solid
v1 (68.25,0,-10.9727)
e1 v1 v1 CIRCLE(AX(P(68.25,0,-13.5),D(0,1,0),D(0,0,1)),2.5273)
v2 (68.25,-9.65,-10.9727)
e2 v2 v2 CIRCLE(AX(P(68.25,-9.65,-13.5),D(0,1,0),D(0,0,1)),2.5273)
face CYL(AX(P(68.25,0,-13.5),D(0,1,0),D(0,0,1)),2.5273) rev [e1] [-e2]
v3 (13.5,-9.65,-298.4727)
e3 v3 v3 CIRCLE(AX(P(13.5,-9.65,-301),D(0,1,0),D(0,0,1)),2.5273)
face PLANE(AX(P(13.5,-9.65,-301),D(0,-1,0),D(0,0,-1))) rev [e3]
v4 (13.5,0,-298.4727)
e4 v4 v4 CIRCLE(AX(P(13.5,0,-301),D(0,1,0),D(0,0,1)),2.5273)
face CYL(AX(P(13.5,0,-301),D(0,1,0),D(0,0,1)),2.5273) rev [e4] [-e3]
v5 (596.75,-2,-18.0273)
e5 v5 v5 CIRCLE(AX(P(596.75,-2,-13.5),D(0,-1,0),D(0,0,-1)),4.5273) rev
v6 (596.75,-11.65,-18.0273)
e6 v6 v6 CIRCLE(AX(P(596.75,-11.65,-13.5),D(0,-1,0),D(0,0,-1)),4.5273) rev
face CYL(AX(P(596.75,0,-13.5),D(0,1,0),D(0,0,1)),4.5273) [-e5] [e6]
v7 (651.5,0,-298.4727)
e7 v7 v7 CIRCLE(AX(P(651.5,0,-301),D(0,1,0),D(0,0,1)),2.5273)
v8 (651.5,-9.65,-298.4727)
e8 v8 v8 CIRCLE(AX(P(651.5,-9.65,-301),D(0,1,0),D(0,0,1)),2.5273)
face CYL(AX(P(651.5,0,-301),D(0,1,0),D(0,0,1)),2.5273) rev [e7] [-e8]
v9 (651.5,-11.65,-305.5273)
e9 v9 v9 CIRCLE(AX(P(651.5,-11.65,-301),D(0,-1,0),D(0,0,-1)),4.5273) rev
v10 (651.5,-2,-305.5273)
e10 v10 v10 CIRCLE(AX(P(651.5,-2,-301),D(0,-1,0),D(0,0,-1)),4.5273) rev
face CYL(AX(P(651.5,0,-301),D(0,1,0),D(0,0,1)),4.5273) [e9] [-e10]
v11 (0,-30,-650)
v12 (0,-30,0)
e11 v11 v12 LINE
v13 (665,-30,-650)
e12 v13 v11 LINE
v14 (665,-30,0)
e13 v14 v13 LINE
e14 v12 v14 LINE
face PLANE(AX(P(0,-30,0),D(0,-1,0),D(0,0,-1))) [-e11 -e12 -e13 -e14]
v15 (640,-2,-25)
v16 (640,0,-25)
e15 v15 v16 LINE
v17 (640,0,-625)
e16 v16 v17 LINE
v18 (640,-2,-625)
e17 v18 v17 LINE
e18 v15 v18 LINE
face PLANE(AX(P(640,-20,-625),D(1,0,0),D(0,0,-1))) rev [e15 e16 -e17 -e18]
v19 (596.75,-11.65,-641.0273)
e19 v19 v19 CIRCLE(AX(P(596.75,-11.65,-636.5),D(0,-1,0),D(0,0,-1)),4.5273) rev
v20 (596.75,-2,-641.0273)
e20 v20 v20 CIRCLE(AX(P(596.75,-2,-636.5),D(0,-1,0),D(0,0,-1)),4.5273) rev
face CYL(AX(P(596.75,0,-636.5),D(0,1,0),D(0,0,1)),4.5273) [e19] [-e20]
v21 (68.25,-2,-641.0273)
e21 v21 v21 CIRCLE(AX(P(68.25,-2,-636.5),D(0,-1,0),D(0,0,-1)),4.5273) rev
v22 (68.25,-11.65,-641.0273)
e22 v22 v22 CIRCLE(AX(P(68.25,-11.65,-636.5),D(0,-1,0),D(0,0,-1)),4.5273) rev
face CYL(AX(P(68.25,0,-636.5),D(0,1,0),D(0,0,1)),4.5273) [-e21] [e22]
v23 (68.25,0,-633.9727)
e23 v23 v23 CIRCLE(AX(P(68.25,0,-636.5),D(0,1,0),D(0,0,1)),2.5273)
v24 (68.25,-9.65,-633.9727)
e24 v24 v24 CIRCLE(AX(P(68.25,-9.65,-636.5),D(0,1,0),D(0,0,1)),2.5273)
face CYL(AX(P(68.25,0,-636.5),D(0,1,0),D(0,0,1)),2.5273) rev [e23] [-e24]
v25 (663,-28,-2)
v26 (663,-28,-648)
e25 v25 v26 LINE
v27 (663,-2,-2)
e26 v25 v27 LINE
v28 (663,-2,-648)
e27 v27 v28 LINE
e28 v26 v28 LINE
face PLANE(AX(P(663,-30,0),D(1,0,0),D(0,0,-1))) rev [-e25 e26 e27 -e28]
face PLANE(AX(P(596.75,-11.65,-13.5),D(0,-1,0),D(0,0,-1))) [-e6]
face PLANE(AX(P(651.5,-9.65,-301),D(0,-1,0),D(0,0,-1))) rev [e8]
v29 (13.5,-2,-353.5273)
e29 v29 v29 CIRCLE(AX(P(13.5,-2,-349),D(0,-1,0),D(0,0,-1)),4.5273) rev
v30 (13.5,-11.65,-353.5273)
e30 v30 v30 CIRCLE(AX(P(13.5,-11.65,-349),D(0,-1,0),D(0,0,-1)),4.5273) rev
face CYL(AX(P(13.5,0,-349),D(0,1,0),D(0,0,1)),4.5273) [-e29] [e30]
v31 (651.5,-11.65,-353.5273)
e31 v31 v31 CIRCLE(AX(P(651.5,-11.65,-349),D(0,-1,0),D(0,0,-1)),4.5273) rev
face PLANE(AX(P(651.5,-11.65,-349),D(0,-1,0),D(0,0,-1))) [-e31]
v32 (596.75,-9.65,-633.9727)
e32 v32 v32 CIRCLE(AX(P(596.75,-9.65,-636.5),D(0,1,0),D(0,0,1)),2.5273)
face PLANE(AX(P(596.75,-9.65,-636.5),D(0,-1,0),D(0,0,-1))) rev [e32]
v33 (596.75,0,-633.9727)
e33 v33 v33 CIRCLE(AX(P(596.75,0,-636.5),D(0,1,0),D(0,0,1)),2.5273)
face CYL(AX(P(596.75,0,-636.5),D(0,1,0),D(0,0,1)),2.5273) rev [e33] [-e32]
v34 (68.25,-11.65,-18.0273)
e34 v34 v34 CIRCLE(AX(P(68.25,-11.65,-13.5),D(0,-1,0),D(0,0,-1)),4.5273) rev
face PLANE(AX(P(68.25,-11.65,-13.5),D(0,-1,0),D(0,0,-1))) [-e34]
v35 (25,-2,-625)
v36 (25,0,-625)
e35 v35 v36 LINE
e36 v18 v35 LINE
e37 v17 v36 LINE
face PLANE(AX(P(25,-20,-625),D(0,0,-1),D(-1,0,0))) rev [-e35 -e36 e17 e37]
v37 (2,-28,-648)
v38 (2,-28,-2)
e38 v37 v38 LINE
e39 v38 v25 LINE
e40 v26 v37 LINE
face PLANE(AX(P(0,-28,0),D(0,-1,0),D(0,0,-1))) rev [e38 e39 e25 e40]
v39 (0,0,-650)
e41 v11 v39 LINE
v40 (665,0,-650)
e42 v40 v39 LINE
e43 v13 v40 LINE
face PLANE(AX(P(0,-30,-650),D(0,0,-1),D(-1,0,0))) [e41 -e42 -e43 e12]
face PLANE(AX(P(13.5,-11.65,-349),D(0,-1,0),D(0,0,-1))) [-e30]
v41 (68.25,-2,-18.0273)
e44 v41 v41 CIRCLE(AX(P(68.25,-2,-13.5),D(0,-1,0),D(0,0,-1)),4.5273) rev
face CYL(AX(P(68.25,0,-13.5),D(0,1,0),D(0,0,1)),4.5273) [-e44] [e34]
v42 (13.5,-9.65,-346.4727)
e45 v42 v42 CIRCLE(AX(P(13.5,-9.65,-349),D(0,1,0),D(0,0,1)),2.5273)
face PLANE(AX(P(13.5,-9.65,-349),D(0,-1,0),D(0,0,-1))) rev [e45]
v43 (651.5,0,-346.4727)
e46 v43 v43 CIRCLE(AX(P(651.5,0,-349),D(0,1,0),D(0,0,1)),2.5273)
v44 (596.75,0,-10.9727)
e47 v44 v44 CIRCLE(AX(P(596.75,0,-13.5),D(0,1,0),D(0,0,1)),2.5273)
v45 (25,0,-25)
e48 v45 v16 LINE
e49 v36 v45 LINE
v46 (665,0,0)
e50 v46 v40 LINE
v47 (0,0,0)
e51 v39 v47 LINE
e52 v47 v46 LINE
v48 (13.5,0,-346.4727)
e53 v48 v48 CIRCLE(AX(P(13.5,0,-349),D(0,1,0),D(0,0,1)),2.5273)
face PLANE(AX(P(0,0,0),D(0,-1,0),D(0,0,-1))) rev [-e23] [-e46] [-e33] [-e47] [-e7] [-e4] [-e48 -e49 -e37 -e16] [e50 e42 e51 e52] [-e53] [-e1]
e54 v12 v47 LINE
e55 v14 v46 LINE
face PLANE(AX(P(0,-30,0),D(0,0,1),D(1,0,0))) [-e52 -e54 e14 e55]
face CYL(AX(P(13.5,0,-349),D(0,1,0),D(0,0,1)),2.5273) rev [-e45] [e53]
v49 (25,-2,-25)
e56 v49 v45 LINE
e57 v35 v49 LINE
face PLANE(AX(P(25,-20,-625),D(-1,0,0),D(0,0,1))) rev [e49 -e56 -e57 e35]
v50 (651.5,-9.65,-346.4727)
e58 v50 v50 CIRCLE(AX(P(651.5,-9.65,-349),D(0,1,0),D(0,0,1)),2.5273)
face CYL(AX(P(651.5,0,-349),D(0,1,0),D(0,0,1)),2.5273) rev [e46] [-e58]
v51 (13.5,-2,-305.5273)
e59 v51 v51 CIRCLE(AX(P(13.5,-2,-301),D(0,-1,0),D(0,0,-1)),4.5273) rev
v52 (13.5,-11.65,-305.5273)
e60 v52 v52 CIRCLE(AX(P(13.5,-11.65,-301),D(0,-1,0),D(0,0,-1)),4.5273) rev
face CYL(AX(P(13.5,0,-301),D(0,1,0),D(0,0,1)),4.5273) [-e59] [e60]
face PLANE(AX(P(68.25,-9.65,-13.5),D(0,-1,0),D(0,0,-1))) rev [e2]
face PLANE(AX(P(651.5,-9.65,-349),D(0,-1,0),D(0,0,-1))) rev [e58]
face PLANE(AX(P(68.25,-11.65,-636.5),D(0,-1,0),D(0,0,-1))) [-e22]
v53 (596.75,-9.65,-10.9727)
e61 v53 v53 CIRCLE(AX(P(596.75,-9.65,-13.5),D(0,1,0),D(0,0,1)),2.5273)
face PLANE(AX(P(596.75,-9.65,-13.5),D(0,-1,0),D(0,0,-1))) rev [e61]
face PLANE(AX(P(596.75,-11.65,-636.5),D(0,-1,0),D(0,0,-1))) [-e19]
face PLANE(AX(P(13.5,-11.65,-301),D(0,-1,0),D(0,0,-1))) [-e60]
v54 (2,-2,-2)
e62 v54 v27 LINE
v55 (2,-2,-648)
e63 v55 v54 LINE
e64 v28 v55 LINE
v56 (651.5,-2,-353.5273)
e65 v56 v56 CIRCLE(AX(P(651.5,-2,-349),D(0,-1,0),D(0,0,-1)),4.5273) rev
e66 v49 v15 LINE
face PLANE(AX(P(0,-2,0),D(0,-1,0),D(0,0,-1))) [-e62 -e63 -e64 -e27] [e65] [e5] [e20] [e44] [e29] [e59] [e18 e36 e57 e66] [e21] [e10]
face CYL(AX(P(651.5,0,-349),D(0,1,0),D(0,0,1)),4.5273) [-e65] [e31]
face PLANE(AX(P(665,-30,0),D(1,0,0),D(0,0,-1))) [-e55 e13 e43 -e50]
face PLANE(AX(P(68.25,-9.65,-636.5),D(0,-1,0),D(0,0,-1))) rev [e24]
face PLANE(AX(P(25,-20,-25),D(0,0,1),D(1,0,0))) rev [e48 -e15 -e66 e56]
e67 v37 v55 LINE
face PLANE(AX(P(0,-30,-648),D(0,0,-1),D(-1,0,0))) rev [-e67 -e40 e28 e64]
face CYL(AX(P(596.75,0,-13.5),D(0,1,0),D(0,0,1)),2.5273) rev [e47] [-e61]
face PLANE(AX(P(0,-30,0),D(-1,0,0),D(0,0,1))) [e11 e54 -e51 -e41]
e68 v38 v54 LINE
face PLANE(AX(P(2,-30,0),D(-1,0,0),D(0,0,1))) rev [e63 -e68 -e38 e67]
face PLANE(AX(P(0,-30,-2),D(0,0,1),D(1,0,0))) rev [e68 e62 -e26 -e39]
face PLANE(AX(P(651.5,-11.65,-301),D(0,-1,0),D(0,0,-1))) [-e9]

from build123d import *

# Parameters (mm, degrees)
SKETCH1_W                      = 665
SKETCH1_H                      = 650
BOSS_EXTRUDE1_DEPTH            = 30
F_8_0_199_DIAMETER_HOLE1_D     = 5.0546
F_8_0_199_DIAMETER_HOLE1_DEPTH = 9.65
SKETCH4_W                      = 615
SKETCH4_H                      = 600
CUT_EXTRUDE1_DEPTH             = 20
SHELL_T                        = -2


with BuildPart() as part:
    # Sketch1 → Boss-Extrude1 (new body)
    with BuildSketch(Plane(origin=(0, 0, 0), x_dir=(1, 0, 0), z_dir=(0, 1, 0))):
        with Locations((332.5, 325)):
            Rectangle(SKETCH1_W, SKETCH1_H)
    extrude(amount=-BOSS_EXTRUDE1_DEPTH)

    # #8 (0.199) Diameter Hole1
    with Locations(Plane(origin=(0, 0, 0), x_dir=(1, 0, 0), z_dir=(0, 1, 0))):
        with Locations((68.25, 13.5), (13.5, 301), (596.75, 13.5), (651.5, 301), (651.5, 349), (596.75, 636.5), (68.25, 636.5), (13.5, 349)):
            Hole(F_8_0_199_DIAMETER_HOLE1_D / 2, depth=F_8_0_199_DIAMETER_HOLE1_DEPTH)

    # Sketch4 → Cut-Extrude1 (cut)
    with BuildSketch(Plane(origin=(0, 0, 0), x_dir=(1, 0, 0), z_dir=(0, 1, 0))):
        with Locations((332.5, 325)):
            Rectangle(SKETCH4_W, SKETCH4_H)
    extrude(amount=-CUT_EXTRUDE1_DEPTH, mode=Mode.SUBTRACT)

    # Shell
    shell_openings = [part.faces().sort_by_distance(p)[0] for p in [
        (25, -10, -325),
        (332.5, -10, -25),
        (640, -10, -325),
        (332.5, -10, -625),
        (332.5, -20, -325),
    ]]
    offset(amount=SHELL_T, openings=shell_openings, kind=Kind.INTERSECTION)


solid = part.part
